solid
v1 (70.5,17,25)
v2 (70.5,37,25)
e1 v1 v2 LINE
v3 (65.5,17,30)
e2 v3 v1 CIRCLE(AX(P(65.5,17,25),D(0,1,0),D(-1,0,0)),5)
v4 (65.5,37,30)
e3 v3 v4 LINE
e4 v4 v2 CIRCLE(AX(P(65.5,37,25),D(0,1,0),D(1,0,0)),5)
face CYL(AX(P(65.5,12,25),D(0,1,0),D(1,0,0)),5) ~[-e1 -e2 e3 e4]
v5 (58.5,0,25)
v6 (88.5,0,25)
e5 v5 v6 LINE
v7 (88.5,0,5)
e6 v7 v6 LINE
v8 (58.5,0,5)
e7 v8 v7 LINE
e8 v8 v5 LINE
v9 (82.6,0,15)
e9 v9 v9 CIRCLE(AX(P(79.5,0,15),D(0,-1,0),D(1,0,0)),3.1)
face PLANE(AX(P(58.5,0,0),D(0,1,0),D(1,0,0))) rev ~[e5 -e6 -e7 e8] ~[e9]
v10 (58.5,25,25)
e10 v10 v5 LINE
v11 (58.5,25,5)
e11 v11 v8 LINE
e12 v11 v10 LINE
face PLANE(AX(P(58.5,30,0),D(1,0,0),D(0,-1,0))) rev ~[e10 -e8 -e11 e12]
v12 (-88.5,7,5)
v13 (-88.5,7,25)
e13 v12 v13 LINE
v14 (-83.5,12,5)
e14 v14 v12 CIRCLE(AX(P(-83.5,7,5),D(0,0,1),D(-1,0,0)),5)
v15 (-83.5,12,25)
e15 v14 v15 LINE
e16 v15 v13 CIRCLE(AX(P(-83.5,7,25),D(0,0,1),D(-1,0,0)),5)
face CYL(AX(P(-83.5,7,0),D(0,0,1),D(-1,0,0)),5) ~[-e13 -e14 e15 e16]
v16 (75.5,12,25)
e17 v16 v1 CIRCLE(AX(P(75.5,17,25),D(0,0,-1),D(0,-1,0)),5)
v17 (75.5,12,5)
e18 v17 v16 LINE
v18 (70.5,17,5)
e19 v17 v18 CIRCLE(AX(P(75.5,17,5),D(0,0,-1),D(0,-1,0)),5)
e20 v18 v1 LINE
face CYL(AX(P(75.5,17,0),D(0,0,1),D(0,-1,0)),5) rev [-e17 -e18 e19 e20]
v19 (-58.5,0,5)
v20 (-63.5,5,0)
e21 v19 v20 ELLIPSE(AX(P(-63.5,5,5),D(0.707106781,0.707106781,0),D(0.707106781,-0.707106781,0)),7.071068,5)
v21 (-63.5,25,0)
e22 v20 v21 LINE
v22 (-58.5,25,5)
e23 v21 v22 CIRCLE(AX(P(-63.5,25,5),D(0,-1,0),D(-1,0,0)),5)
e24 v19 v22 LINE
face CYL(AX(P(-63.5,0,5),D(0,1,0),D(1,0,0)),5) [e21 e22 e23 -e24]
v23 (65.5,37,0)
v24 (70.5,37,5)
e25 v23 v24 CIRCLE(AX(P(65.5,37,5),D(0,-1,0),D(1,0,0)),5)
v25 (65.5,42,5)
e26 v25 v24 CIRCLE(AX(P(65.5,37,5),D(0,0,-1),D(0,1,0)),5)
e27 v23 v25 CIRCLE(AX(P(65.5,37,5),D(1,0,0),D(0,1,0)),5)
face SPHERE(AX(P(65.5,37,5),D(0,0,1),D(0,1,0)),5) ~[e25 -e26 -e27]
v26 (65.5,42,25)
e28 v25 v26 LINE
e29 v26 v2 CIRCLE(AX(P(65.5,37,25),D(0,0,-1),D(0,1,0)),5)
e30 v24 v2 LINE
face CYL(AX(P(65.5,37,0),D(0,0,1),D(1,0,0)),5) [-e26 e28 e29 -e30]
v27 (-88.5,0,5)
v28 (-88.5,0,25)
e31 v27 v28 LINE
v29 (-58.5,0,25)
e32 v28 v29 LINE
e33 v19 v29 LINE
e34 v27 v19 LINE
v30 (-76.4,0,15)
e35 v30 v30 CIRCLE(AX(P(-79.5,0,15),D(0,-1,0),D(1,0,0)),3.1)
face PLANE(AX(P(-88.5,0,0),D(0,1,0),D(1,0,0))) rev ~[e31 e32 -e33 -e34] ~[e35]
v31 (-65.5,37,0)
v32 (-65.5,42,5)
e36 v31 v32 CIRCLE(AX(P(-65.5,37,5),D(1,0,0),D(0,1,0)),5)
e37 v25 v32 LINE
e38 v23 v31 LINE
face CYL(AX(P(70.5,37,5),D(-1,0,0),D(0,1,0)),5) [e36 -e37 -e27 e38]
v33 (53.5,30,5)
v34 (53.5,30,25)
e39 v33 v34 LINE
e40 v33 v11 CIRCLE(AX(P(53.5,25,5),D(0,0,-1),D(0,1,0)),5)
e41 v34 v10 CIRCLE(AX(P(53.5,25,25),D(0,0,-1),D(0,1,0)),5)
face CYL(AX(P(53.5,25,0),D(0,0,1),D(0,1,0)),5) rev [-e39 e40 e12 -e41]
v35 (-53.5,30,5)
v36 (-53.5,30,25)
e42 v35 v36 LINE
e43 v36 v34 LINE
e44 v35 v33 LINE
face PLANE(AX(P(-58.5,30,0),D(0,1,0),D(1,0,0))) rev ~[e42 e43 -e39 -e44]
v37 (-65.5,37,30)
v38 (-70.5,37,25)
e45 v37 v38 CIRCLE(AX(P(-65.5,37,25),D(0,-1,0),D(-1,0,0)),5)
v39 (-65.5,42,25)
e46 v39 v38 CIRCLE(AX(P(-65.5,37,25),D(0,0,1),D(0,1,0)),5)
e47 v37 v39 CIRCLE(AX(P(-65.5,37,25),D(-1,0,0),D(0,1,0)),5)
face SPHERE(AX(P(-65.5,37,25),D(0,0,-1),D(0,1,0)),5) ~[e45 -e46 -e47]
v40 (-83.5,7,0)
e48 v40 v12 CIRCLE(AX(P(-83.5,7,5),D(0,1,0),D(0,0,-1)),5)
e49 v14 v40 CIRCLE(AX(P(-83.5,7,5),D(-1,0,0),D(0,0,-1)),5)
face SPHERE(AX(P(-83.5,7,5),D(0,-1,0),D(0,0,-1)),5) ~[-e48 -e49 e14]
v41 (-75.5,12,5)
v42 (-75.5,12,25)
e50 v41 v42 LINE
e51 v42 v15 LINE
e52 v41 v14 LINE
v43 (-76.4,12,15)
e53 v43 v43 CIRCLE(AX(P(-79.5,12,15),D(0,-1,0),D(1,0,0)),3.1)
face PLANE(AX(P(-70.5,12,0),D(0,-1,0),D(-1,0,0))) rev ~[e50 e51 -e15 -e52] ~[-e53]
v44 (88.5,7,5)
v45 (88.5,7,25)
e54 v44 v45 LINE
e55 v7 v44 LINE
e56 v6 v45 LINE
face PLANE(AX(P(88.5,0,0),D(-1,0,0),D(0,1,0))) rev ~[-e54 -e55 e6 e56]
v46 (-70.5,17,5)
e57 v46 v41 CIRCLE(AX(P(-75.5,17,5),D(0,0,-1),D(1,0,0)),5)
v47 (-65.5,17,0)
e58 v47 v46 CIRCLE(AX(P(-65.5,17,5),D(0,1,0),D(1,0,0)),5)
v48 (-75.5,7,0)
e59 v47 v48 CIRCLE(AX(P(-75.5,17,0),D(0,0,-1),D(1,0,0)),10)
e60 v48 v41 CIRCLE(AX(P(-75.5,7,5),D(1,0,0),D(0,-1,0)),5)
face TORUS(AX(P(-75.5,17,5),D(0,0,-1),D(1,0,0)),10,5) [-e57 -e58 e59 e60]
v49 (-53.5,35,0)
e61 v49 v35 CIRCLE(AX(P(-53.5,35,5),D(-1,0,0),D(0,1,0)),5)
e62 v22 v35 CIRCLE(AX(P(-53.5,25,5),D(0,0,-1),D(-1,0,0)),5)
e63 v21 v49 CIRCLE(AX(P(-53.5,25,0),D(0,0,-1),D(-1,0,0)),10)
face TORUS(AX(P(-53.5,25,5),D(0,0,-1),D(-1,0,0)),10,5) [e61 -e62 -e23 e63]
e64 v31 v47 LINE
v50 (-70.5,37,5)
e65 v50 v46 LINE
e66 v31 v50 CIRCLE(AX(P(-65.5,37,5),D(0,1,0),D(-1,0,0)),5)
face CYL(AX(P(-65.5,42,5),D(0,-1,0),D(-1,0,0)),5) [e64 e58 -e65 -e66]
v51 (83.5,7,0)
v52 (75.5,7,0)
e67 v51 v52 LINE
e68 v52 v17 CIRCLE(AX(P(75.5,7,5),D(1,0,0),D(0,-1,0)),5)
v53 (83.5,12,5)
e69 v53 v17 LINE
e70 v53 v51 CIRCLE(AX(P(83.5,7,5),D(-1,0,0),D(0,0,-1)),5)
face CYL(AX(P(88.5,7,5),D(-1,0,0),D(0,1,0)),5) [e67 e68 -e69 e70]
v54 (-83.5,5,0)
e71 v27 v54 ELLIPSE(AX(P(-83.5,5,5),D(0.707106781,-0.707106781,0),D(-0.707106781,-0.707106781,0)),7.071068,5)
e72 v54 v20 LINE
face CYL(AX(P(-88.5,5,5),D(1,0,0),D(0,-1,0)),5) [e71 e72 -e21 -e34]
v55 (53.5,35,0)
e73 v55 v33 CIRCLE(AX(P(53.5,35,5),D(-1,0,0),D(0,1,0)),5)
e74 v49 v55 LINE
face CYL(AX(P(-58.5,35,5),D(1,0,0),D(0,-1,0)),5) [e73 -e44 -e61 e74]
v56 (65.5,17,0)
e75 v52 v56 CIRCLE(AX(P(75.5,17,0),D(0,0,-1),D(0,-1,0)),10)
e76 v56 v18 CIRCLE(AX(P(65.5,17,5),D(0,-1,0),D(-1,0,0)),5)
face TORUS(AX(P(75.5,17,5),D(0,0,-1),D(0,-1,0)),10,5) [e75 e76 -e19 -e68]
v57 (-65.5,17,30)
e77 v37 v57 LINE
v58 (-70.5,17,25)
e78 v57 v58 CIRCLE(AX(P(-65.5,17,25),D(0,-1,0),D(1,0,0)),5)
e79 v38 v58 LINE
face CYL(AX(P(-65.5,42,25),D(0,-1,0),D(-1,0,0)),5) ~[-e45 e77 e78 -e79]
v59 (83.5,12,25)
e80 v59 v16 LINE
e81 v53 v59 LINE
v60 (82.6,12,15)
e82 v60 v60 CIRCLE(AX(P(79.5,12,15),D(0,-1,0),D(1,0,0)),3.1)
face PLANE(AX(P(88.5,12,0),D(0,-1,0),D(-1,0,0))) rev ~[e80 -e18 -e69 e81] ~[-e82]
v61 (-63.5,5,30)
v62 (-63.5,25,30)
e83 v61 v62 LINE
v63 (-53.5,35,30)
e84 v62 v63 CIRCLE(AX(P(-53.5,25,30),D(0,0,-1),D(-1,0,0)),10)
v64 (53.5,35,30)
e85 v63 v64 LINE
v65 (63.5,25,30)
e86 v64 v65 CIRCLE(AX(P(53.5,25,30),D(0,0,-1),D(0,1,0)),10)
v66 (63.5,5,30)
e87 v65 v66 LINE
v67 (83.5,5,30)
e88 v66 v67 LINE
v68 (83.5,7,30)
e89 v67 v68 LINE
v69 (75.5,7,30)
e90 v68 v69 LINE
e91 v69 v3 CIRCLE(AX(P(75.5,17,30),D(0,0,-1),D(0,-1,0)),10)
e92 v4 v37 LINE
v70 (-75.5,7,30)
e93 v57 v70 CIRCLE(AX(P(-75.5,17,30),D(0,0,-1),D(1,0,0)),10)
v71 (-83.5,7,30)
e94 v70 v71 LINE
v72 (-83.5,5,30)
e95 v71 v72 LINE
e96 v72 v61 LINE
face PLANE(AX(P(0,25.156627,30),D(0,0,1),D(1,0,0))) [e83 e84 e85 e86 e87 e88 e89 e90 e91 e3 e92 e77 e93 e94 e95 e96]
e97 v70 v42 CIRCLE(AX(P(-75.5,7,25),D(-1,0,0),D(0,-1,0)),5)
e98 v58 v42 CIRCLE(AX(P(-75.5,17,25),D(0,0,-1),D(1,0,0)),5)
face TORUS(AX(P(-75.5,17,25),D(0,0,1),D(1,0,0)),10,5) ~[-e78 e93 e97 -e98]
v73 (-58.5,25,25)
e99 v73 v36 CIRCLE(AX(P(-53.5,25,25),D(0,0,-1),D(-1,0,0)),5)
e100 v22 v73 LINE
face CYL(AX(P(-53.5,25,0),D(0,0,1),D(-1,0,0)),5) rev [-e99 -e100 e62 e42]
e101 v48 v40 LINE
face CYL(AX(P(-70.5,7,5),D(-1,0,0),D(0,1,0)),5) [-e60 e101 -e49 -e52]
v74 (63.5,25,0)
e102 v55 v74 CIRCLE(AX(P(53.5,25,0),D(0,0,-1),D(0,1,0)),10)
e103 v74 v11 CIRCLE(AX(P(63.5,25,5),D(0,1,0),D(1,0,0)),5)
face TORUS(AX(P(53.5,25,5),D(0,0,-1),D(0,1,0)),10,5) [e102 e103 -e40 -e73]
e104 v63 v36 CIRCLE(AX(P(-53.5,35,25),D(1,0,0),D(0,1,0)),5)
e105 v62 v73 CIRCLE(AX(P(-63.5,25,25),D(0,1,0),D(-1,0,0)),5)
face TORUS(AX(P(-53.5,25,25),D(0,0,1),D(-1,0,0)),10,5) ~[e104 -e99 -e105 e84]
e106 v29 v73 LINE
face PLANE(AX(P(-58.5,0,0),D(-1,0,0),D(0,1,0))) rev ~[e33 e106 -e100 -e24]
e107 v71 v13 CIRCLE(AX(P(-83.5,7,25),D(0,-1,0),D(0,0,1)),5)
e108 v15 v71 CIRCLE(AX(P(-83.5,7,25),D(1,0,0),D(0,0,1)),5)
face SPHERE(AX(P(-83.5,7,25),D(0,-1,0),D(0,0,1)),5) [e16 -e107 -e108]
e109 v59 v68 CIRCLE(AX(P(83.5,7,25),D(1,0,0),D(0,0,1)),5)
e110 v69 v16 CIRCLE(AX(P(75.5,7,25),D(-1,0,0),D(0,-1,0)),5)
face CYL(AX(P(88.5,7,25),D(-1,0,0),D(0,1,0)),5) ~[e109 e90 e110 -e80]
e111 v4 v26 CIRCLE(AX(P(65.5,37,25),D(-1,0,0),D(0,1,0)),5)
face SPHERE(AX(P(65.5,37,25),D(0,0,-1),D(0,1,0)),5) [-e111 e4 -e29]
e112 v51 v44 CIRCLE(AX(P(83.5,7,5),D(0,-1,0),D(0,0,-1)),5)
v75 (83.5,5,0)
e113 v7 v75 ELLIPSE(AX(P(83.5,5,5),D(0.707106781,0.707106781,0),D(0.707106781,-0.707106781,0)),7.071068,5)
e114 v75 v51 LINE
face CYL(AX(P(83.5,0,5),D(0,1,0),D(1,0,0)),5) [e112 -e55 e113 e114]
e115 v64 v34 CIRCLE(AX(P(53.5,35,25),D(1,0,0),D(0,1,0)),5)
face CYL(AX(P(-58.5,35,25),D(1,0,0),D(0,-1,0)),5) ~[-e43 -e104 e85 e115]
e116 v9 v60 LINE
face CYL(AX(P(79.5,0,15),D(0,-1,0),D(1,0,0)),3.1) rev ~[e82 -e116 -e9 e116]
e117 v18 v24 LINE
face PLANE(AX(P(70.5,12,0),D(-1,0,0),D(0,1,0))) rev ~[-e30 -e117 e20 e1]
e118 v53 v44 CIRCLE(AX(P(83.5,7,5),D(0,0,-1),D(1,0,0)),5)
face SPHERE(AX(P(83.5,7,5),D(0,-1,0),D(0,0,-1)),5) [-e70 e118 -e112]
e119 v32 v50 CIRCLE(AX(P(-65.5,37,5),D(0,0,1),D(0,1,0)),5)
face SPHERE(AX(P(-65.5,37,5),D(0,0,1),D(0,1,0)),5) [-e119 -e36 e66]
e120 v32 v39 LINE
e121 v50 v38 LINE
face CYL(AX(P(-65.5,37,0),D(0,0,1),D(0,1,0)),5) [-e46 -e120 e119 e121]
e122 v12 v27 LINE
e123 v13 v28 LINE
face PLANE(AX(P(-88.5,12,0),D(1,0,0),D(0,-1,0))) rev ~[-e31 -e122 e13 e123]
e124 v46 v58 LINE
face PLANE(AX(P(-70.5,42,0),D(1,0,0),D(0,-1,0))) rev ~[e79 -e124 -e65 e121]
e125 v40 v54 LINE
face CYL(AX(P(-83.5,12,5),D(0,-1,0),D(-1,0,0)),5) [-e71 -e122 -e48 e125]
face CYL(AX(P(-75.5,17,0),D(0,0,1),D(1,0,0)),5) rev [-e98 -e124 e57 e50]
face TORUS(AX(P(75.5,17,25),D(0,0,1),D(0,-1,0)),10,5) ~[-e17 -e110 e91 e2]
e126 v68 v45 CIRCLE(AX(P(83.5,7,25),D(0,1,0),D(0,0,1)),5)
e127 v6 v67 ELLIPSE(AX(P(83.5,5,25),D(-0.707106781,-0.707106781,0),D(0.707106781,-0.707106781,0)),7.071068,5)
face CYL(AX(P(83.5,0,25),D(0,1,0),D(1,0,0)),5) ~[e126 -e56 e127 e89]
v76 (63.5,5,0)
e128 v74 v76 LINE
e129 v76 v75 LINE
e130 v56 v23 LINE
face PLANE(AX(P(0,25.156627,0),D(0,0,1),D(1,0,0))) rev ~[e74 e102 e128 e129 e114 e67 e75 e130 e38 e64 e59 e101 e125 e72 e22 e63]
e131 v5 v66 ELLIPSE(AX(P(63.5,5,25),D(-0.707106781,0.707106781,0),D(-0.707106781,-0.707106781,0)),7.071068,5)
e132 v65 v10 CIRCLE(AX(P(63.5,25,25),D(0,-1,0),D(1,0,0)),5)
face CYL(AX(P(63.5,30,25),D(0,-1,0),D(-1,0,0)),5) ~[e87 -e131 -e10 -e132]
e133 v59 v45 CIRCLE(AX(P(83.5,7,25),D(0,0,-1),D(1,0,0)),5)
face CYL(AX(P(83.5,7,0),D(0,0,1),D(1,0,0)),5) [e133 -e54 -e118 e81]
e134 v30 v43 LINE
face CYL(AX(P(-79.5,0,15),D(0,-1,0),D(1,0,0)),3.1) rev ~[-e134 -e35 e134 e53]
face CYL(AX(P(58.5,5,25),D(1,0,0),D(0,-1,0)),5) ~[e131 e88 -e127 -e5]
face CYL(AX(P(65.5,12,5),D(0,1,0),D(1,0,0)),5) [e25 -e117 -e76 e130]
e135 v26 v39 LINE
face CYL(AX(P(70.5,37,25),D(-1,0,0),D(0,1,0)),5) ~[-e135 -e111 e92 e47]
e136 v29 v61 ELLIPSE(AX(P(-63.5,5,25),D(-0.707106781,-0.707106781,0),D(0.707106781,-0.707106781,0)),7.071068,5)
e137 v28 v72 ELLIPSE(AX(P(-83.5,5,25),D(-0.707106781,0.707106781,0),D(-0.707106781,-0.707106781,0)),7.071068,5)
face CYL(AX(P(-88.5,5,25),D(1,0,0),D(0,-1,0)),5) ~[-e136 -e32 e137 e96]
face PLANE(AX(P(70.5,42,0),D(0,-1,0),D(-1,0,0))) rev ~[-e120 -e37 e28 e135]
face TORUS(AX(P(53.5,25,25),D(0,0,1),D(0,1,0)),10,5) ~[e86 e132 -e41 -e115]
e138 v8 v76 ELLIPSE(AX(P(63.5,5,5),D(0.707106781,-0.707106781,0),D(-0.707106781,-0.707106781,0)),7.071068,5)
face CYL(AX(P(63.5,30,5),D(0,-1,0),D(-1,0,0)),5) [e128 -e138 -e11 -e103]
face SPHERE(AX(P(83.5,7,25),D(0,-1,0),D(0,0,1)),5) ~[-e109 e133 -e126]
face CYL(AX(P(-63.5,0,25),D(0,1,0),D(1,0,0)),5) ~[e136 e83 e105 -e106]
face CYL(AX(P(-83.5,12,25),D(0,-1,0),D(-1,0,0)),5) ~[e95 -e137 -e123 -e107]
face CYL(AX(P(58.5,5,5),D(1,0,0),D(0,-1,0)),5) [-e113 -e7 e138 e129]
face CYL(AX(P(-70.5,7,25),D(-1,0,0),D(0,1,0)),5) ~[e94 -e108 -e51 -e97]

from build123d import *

# Parameters (mm, degrees)
F1_DEPTH = 30
F2_R     = 5
F3_R     = 3.1
F4_DEPTH = 25


with BuildPart() as f1:
    # F0 (on Top) → F1 (new body)
    with BuildSketch(Plane.XY):
        Polygon((-88.5, 12), (-88.5, 0), (-58.5, 0), (-58.5, 30), (58.5, 30), (58.5, 0), (88.5, 0), (88.5, 12), (70.5, 12), (70.5, 42), (-70.5, 42), (-70.5, 12), align=None)
    extrude(amount=F1_DEPTH)

    # F2
    f2_edges = [f1.edges().sort_by_distance(p)[0] for p in [
        (70.5, 42, 15),
        (-70.5, 42, 15),
        (0, 42, 0),
        (0, 42, 30),
        (-88.5, 6, 30),
        (-73.5, 0, 30),
        (-58.5, 15, 30),
        (0, 30, 30),
        (58.5, 15, 30),
        (73.5, 0, 30),
        (88.5, 6, 30),
        (79.5, 12, 30),
        (70.5, 27, 30),
        (-70.5, 27, 30),
        (-79.5, 12, 30),
        (-88.5, 6, 0),
        (-73.5, 0, 0),
        (-58.5, 15, 0),
        (0, 30, 0),
        (58.5, 15, 0),
        (73.5, 0, 0),
        (88.5, 6, 0),
        (79.5, 12, 0),
        (70.5, 27, 0),
        (-70.5, 27, 0),
        (-79.5, 12, 0),
        (70.5, 12, 15),
        (-70.5, 12, 15),
        (-58.5, 30, 15),
        (58.5, 30, 15),
        (-88.5, 12, 15),
        (88.5, 12, 15),
    ]]
    fillet(f2_edges, radius=F2_R)

    # F3 (on face) → F4 (cut)
    with BuildSketch(Plane.XZ):
        with Locations((79.5, 15)):
            Circle(F3_R)
        with Locations((-79.5, 15)):
            Circle(F3_R)
    extrude(amount=-F4_DEPTH, mode=Mode.SUBTRACT)


solid = f1.part
